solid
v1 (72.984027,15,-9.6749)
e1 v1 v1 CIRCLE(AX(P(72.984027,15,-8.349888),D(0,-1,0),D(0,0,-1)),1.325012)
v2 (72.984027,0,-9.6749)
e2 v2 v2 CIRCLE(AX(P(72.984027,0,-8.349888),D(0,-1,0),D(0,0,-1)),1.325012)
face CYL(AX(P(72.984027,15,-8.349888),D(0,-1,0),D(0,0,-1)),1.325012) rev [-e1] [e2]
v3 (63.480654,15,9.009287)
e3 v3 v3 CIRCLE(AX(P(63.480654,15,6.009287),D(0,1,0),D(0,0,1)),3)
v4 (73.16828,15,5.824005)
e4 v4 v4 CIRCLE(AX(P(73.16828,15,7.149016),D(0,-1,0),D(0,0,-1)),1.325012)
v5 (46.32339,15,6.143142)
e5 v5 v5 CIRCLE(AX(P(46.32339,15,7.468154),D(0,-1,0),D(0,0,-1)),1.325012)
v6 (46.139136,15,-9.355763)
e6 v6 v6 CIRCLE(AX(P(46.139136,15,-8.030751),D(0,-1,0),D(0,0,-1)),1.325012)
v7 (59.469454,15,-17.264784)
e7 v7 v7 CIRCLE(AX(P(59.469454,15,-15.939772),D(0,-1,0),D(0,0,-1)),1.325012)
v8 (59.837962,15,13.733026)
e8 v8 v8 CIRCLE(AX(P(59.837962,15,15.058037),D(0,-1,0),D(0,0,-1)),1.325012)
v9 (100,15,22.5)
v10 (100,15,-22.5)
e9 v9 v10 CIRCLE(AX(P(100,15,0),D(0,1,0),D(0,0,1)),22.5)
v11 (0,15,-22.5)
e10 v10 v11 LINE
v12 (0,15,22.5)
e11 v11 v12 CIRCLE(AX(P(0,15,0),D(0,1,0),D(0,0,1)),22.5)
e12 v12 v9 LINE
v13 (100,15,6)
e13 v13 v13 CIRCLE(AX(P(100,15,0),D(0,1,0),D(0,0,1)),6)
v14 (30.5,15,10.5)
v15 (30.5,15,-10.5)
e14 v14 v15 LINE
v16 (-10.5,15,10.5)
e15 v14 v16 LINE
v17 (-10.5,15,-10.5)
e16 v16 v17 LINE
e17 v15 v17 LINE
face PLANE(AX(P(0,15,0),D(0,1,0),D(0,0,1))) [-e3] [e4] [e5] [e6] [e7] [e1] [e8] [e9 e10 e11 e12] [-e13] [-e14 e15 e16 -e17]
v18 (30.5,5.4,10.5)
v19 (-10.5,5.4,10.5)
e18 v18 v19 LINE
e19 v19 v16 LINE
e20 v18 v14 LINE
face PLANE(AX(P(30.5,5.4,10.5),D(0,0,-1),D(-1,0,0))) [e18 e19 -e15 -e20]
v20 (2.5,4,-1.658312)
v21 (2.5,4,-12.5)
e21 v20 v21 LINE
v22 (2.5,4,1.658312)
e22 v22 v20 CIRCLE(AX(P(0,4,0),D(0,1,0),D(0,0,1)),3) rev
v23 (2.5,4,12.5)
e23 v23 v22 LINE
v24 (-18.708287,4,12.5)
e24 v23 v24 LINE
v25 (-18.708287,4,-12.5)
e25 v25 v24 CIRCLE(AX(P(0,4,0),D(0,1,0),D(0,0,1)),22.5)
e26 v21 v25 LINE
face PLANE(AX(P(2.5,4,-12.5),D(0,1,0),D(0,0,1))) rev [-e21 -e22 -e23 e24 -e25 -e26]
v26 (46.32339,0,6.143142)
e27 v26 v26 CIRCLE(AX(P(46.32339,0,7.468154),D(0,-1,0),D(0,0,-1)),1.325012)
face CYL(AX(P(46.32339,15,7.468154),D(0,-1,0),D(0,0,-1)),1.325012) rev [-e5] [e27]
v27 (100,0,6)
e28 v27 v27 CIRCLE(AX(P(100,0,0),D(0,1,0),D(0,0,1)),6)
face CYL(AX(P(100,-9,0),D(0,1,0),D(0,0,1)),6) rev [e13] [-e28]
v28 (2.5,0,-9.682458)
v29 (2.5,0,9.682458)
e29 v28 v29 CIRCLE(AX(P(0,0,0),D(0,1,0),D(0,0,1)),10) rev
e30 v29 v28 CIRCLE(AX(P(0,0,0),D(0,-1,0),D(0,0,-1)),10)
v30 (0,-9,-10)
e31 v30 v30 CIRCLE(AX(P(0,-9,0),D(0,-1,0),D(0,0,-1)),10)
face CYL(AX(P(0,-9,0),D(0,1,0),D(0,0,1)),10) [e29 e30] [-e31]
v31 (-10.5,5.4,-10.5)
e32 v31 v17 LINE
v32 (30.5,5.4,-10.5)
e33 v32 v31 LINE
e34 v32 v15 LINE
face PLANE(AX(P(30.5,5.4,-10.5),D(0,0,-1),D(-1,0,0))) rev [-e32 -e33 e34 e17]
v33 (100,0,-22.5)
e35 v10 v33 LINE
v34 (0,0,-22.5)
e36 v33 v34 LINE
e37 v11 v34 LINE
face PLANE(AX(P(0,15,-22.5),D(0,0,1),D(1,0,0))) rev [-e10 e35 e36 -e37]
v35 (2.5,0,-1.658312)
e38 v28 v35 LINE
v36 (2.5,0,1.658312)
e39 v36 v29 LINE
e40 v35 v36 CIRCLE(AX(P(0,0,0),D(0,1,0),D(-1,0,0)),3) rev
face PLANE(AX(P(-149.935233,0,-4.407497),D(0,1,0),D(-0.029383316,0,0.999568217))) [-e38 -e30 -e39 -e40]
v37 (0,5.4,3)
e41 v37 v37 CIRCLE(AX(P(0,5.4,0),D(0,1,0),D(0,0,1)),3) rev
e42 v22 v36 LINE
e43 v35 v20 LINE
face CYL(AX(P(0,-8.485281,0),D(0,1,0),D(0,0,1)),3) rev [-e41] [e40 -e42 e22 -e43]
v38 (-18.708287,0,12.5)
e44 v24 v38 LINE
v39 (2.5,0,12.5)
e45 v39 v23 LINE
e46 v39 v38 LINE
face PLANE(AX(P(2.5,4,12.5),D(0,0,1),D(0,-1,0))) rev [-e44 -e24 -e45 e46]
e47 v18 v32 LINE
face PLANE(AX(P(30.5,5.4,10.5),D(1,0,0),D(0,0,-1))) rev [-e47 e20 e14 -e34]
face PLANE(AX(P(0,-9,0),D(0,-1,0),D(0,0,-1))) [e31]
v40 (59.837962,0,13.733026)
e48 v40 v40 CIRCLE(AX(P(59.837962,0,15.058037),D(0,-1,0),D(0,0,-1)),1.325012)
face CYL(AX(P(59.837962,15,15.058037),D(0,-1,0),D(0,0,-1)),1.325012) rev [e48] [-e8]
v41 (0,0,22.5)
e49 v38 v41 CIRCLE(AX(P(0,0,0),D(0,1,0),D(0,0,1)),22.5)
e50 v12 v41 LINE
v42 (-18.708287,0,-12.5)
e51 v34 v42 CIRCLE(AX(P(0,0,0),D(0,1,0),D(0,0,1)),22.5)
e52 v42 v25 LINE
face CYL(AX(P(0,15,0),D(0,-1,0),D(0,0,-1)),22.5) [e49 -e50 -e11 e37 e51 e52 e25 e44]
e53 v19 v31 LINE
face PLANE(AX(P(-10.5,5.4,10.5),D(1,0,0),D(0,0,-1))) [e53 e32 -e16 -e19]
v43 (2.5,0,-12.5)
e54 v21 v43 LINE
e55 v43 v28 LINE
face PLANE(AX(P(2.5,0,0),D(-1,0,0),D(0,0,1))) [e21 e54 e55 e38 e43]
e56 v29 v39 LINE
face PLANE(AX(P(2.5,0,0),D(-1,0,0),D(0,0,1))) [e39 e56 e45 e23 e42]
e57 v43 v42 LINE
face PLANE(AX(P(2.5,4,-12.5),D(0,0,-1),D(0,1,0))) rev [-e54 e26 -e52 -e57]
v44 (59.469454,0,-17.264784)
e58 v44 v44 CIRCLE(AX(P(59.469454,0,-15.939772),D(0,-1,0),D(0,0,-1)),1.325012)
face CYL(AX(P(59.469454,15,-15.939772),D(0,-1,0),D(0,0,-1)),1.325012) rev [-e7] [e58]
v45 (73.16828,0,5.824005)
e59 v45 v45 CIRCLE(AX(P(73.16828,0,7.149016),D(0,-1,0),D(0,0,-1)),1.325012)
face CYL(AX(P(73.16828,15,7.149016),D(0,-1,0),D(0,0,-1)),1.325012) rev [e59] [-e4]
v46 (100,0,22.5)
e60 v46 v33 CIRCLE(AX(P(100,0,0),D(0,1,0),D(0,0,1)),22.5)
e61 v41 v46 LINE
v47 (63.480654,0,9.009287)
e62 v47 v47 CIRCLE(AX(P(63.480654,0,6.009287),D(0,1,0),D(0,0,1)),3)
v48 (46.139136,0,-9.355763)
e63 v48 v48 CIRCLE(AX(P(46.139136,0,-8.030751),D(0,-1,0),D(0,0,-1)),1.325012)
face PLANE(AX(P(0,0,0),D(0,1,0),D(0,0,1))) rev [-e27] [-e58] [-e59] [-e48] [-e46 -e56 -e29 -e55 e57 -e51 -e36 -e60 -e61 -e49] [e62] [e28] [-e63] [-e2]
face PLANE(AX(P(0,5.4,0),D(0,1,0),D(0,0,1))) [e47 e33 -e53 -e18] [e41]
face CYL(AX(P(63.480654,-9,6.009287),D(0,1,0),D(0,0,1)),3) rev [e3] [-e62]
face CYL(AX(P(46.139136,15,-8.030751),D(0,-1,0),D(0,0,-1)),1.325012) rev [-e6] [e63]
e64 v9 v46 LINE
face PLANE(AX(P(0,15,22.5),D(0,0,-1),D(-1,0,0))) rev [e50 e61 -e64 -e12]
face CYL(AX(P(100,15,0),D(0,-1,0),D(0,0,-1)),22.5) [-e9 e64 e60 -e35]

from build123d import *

# Parameters (mm, degrees)
BOSS_EXTRUDE1_DEPTH     = 15
SKETCH2_R               = 10
BOSS_EXTRUDE2_DEPTH     = 9
CUT_EXTRUDE1_START      = -15
SKETCH3_R               = 3
CUT_EXTRUDE1_DEPTH      = 15
SKETCH4_W               = 41
SKETCH4_H               = 21
CUT_EXTRUDE2_DEPTH      = 9.6
SKETCH5_W               = 25
SKETCH5_H               = 4
CUT_EXTRUDE3_DEPTH      = 25
CUT_EXTRUDE4_DEPTH      = 127.840450961
CUT_EXTRUDE4_DEPTH_BACK = 127.840450961
SKETCH6_R               = 6
SKETCH7_R               = 3
CUT_EXTRUDE5_DEPTH      = 127.840450961
SKETCH8_R               = 1.325011821
CUT_EXTRUDE6_DEPTH      = 126.449192903


with BuildPart() as part:
    # Sketch1 → Boss-Extrude1 (new body)
    with BuildSketch(Plane(origin=(0, 0, 0), x_dir=(1, 0, 0), z_dir=(0, 1, 0))):
        with BuildLine():
            Line((0, 22.5), (100, 22.5))
            ThreePointArc((100, 22.5), (122.5, 0), (100, -22.5))
            Line((100, -22.5), (0, -22.5))
            ThreePointArc((0, -22.5), (-22.5, 0), (0, 22.5))
        make_face()
    extrude(amount=BOSS_EXTRUDE1_DEPTH)

    # Sketch2 → Boss-Extrude2 (add)
    with BuildSketch(Plane.XZ):
        with Locations(Location((0, 0, 0), (0, 0, 90))):
            Circle(SKETCH2_R)
    extrude(amount=BOSS_EXTRUDE2_DEPTH)

    # Sketch3 → Cut-Extrude1 (cut)
    with BuildSketch(Plane(origin=(0, 15, 0), x_dir=(1, 0, 0), z_dir=(0, 1, 0)).offset(CUT_EXTRUDE1_START)):
        with Locations(Location((0, 0, 0), (0, 0, 270))):
            Circle(SKETCH3_R)
    extrude(amount=CUT_EXTRUDE1_DEPTH, mode=Mode.SUBTRACT)

    # Sketch4 → Cut-Extrude2 (cut)
    with BuildSketch(Plane(origin=(0, 15, 0), x_dir=(1, 0, 0), z_dir=(0, 1, 0))):
        with Locations((10, 0)):
            Rectangle(SKETCH4_W, SKETCH4_H)
    extrude(amount=-CUT_EXTRUDE2_DEPTH, mode=Mode.SUBTRACT)

    # Sketch5 → Cut-Extrude3 (cut)
    with BuildSketch(Plane(origin=(-22.5, 15, 0), x_dir=(0, 0, 1), z_dir=(-1, 0, 0))):
        with Locations((0, -13)):
            Rectangle(SKETCH5_W, SKETCH5_H)
    extrude(amount=-CUT_EXTRUDE3_DEPTH, mode=Mode.SUBTRACT)

    # Sketch6 → Cut-Extrude4 (cut, two sides: drawn at the far end of the back side and taken through both)
    with BuildSketch(Plane(origin=(0, 15, 0), x_dir=(1, 0, 0), z_dir=(0, 1, 0)).offset(-CUT_EXTRUDE4_DEPTH_BACK)):
        with Locations(Location((100, 0, 0), (0, 0, 270))):
            Circle(SKETCH6_R)
    extrude(amount=CUT_EXTRUDE4_DEPTH + CUT_EXTRUDE4_DEPTH_BACK, mode=Mode.SUBTRACT)

    # Sketch7 → Cut-Extrude5 (cut, through all)
    with BuildSketch(Plane(origin=(0, 15, 0), x_dir=(1, 0, 0), z_dir=(0, 1, 0))):
        with Locations(Location((63.480653876, -6.00928668, 0), (0, 0, 270))):
            Circle(SKETCH7_R)
    extrude(amount=-CUT_EXTRUDE5_DEPTH, mode=Mode.SUBTRACT)

    # Sketch8 → Cut-Extrude6 (cut, through all)
    with BuildSketch(Plane.XZ):
        with Locations(Location((46.139135996, -8.030751211, 0), (0, 0, 270))):
            Circle(SKETCH8_R)
        with Locations(Location((46.323389896, 7.468153605, 0), (0, 0, 270))):
            Circle(SKETCH8_R)
        with Locations(Location((59.837962148, 15.058037455, 0), (0, 0, 270))):
            Circle(SKETCH8_R)
        with Locations(Location((73.168280499, 7.149016489, 0), (0, 0, 270))):
            Circle(SKETCH8_R)
        with Locations(Location((72.984026599, -8.349888327, 0), (0, 0, 270))):
            Circle(SKETCH8_R)
        with Locations(Location((59.469454347, -15.939772177, 0), (0, 0, 270))):
            Circle(SKETCH8_R)
    extrude(amount=-CUT_EXTRUDE6_DEPTH, mode=Mode.SUBTRACT)


solid = part.part
